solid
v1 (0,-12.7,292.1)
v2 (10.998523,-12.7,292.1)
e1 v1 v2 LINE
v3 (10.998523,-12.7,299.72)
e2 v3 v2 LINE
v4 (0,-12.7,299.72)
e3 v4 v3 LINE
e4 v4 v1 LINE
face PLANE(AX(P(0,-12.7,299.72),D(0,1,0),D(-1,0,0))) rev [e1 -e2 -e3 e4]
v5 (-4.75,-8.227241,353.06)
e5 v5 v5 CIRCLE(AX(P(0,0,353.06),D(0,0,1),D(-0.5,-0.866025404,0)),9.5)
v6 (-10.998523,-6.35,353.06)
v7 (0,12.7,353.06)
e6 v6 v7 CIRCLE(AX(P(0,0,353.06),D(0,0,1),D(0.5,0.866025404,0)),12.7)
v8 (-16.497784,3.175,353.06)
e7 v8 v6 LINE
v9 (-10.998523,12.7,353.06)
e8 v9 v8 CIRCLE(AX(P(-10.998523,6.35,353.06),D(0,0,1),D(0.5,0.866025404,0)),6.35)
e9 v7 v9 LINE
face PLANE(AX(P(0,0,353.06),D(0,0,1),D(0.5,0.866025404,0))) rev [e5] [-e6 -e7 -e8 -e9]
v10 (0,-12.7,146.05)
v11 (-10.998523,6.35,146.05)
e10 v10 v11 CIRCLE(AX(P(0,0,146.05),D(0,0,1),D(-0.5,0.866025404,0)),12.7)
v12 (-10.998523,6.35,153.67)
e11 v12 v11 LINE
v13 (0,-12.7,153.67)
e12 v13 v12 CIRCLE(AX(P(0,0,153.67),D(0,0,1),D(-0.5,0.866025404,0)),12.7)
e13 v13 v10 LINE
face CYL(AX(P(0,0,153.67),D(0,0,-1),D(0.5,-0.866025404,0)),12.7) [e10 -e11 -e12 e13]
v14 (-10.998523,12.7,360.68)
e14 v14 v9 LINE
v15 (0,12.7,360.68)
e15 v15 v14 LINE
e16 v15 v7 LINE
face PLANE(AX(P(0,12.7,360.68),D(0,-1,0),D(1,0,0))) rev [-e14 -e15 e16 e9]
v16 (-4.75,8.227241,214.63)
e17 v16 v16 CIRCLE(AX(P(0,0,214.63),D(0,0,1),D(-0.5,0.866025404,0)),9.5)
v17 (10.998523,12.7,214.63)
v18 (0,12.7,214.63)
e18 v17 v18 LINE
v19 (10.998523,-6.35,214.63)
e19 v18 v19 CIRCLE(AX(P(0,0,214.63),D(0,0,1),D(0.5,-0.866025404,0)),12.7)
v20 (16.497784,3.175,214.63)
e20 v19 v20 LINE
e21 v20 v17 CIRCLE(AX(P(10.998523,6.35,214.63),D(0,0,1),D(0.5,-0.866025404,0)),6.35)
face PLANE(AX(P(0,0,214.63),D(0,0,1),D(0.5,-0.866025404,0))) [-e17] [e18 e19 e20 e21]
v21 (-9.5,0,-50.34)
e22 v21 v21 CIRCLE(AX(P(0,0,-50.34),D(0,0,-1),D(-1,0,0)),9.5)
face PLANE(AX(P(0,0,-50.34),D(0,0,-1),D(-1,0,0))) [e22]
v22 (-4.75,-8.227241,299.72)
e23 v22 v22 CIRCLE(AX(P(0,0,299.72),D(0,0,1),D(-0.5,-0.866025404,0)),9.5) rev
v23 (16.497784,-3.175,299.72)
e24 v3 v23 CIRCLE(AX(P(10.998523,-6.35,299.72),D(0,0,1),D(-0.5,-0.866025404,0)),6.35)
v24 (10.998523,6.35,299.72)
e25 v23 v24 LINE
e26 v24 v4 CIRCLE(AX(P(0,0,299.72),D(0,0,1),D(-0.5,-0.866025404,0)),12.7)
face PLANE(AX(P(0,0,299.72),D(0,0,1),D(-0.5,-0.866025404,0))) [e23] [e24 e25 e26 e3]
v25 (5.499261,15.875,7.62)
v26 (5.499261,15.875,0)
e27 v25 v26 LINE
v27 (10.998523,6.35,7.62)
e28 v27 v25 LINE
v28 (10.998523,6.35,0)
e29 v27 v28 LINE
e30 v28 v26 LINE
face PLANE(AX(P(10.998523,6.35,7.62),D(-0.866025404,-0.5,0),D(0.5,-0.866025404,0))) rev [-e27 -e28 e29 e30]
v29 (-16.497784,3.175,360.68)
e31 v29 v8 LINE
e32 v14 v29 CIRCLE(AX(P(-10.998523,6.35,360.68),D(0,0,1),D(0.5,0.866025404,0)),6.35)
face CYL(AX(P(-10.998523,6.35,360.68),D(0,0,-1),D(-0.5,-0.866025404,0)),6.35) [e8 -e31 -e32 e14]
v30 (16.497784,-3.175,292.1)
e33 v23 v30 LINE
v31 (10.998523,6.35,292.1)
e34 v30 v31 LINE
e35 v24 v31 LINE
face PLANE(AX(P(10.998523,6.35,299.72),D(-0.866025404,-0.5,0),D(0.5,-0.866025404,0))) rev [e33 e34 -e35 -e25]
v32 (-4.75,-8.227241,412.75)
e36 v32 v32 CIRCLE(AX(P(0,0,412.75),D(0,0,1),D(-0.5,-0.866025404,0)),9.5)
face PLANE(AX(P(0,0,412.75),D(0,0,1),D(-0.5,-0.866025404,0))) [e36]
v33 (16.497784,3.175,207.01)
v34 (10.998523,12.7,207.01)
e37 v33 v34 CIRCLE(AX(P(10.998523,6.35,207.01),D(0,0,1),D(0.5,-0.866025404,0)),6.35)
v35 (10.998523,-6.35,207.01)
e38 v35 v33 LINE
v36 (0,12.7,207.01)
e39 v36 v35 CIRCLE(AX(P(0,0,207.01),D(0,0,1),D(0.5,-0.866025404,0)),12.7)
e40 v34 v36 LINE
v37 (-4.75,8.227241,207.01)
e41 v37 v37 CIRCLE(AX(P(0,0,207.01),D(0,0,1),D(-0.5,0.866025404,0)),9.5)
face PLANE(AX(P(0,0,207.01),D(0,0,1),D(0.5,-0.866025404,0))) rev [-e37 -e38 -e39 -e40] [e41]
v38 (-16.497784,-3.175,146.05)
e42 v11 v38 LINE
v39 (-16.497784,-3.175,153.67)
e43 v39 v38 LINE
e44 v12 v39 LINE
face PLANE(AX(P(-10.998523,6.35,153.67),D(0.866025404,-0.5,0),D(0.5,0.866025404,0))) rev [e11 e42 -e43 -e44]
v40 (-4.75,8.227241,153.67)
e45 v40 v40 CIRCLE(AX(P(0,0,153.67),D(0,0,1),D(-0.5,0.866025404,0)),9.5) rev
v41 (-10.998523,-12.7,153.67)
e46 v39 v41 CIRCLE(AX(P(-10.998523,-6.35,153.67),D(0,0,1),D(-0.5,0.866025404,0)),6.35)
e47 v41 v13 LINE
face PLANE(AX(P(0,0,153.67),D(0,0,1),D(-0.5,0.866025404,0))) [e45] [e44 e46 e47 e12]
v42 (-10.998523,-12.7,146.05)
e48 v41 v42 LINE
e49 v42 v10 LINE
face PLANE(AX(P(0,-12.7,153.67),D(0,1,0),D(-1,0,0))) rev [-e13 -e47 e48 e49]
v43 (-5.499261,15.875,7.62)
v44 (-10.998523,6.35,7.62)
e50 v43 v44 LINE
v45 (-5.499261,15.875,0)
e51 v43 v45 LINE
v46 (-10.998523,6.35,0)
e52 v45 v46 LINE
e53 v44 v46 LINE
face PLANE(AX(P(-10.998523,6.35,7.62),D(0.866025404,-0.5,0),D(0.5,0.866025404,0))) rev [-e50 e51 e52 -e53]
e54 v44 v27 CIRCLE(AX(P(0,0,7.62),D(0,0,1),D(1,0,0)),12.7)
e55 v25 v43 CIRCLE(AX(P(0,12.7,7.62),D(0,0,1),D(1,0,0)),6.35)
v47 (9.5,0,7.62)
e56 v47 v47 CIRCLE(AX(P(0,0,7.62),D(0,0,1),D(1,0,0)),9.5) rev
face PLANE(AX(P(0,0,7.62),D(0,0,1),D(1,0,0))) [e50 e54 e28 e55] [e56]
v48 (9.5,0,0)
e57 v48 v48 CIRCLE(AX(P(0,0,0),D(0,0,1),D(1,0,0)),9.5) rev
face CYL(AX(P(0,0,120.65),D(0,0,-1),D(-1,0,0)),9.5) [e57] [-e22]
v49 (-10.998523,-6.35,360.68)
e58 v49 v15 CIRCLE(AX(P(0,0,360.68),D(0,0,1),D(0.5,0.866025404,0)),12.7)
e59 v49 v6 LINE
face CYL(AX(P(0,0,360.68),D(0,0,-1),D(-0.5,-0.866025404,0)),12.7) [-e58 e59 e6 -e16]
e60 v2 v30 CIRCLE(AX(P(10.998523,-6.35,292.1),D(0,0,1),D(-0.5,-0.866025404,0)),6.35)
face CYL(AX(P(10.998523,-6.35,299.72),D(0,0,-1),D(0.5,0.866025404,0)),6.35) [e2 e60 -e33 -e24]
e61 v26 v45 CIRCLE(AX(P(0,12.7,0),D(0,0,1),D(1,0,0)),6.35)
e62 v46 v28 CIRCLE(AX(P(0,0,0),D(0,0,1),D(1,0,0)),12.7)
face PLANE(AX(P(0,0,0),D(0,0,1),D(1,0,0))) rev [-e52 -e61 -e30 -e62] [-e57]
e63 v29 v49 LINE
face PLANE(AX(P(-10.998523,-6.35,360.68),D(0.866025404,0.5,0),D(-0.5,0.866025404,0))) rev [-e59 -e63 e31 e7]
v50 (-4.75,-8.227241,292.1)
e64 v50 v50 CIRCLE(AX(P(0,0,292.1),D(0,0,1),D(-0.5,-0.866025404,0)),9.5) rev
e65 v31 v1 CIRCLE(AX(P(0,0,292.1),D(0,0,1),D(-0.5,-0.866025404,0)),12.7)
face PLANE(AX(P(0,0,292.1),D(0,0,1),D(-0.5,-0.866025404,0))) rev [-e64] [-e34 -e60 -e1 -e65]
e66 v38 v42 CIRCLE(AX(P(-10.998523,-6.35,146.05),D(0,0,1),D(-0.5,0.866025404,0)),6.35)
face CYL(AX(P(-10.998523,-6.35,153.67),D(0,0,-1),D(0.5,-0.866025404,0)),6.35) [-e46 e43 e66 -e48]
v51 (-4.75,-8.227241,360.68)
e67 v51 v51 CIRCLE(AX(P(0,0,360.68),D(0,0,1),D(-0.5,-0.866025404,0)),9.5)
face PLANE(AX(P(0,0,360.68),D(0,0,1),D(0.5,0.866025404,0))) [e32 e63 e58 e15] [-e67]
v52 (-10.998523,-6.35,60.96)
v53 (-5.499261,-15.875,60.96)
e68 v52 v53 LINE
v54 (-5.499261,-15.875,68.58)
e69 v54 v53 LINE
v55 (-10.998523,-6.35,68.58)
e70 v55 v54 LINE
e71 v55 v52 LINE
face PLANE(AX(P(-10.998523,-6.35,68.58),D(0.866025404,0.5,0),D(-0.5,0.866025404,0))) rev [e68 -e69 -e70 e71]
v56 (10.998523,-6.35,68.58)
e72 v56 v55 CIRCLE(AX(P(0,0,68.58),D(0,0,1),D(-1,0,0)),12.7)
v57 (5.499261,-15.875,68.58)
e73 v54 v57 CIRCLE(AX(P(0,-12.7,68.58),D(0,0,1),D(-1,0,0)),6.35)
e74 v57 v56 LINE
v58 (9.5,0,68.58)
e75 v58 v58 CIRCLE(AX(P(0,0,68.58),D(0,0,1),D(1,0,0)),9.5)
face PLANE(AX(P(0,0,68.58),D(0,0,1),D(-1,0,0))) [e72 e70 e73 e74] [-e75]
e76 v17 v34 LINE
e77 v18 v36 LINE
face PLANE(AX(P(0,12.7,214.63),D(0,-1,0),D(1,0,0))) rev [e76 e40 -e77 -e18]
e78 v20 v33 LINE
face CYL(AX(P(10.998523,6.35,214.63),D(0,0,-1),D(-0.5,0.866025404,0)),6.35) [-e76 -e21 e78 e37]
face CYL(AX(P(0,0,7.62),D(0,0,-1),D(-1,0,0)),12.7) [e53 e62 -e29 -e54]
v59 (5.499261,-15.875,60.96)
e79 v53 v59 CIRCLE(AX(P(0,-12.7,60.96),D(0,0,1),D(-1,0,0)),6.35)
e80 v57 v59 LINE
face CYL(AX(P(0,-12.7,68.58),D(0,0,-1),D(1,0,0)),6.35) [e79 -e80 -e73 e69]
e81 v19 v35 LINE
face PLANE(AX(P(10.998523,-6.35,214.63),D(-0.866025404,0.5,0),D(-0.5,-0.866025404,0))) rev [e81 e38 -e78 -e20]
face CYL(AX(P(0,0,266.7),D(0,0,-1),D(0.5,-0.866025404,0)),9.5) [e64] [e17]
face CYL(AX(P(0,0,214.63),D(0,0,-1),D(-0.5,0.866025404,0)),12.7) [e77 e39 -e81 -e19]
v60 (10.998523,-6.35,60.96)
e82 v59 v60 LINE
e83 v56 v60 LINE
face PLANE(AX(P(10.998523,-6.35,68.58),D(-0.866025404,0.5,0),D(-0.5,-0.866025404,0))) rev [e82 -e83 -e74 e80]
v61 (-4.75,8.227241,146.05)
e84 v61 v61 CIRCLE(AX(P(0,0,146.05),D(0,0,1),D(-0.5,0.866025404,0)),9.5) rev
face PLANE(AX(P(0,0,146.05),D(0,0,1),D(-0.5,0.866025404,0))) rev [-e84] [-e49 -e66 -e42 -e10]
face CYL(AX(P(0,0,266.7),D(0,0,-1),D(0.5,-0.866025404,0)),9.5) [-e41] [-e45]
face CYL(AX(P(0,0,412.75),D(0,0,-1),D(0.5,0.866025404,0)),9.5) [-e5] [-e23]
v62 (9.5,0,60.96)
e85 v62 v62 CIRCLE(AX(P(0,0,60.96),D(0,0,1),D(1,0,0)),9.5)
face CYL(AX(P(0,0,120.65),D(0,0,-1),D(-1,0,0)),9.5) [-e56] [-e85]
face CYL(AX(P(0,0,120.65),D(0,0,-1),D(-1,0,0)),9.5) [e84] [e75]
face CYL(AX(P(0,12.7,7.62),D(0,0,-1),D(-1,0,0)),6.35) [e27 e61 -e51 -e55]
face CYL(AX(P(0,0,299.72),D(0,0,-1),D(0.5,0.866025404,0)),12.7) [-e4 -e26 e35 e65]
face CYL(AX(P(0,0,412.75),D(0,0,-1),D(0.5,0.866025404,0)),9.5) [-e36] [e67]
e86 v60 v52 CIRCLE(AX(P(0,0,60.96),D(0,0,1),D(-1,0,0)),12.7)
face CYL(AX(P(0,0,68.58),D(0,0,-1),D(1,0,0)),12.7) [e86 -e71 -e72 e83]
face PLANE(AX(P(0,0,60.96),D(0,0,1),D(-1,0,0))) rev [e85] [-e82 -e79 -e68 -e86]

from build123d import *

# Parameters (mm, degrees)
BOSS_EXTRUDE1_DEPTH   = 7.62
BODY_MOVE_COPY5_ANGLE = 180
BOSS_EXTRUDE2_START   = -25.4
SKETCH4_R             = 9.5
BOSS_EXTRUDE2_DEPTH   = 146.05
LPATTERN2_COUNT       = 3
LPATTERN2_PITCH       = 146.05
BODY_MOVE_COPY6_ANGLE = 120
BODY_MOVE_COPY7_ANGLE = 120
BOSS_EXTRUDE3_START   = 24.94
SKETCH6_R             = 9.5
BOSS_EXTRUDE3_DEPTH   = 24.94


with BuildPart() as part:
    # Sketch2 → Boss-Extrude1 (new body)
    with BuildSketch(Plane.XY):
        with BuildLine():
            Line((-10.998522628, 6.35), (-5.499261314, 15.875))
            ThreePointArc((-5.499261314, 15.875), (0, 19.05), (5.499261314, 15.875))
            Line((5.499261314, 15.875), (10.998522628, 6.35))
            ThreePointArc((10.998522628, 6.35), (0, -12.7), (-10.998522628, 6.35))
        make_face()
    extrude(amount=BOSS_EXTRUDE1_DEPTH)


with BuildPart() as body_2:
    # Body-Move/Copy4: copy of part
    add(part.part.moved(Location((0, 0, 60.96))))


with BuildPart() as body_2_1:
    # Body-Move/Copy5: moved
    add(body_2.part.rotate(Axis((0, 0, 0), (0, 0, 1)), BODY_MOVE_COPY5_ANGLE))


with BuildPart() as part_1:
    add(part.part)

    add(body_2_1.part)  # Boss-Extrude2 merges body 2
    # Sketch4 → Boss-Extrude2 (add)
    with BuildSketch(Plane.XY.offset(BOSS_EXTRUDE2_START)):
        Circle(SKETCH4_R)
    extrude(amount=BOSS_EXTRUDE2_DEPTH)


with BuildPart() as lpattern2_1:
    # LPattern2: pattern copy
    add(part_1.part.moved(Location(Vector(0, 0, 1) * (1 * LPATTERN2_PITCH))))


with BuildPart() as lpattern2_2:
    # LPattern2: pattern copy
    add(part_1.part.moved(Location(Vector(0, 0, 1) * (2 * LPATTERN2_PITCH))))


with BuildPart() as lpattern2_1_1:
    # Body-Move/Copy6: moved
    add(lpattern2_1.part.rotate(Axis((0, 0, 0), (0, 0, 1)), BODY_MOVE_COPY6_ANGLE))


with BuildPart() as lpattern2_2_1:
    # Body-Move/Copy7: moved
    add(lpattern2_2.part.rotate(Axis((0, 0, 0), (0, 0, -1)), BODY_MOVE_COPY7_ANGLE))


with BuildPart() as part_2:
    add(part_1.part)

    # Sketch6 → Boss-Extrude3 (add)
    with BuildSketch(Plane(origin=(0, 0, -25.4), x_dir=(-1, 0, 0), z_dir=(0, 0, -1)).offset(BOSS_EXTRUDE3_START)):
        Circle(SKETCH6_R)
    extrude(amount=-BOSS_EXTRUDE3_DEPTH)

    # Combine1: union LPattern2_1, LPattern2_2
    add(lpattern2_1_1.part)
    add(lpattern2_2_1.part)


solid = part_2.part
